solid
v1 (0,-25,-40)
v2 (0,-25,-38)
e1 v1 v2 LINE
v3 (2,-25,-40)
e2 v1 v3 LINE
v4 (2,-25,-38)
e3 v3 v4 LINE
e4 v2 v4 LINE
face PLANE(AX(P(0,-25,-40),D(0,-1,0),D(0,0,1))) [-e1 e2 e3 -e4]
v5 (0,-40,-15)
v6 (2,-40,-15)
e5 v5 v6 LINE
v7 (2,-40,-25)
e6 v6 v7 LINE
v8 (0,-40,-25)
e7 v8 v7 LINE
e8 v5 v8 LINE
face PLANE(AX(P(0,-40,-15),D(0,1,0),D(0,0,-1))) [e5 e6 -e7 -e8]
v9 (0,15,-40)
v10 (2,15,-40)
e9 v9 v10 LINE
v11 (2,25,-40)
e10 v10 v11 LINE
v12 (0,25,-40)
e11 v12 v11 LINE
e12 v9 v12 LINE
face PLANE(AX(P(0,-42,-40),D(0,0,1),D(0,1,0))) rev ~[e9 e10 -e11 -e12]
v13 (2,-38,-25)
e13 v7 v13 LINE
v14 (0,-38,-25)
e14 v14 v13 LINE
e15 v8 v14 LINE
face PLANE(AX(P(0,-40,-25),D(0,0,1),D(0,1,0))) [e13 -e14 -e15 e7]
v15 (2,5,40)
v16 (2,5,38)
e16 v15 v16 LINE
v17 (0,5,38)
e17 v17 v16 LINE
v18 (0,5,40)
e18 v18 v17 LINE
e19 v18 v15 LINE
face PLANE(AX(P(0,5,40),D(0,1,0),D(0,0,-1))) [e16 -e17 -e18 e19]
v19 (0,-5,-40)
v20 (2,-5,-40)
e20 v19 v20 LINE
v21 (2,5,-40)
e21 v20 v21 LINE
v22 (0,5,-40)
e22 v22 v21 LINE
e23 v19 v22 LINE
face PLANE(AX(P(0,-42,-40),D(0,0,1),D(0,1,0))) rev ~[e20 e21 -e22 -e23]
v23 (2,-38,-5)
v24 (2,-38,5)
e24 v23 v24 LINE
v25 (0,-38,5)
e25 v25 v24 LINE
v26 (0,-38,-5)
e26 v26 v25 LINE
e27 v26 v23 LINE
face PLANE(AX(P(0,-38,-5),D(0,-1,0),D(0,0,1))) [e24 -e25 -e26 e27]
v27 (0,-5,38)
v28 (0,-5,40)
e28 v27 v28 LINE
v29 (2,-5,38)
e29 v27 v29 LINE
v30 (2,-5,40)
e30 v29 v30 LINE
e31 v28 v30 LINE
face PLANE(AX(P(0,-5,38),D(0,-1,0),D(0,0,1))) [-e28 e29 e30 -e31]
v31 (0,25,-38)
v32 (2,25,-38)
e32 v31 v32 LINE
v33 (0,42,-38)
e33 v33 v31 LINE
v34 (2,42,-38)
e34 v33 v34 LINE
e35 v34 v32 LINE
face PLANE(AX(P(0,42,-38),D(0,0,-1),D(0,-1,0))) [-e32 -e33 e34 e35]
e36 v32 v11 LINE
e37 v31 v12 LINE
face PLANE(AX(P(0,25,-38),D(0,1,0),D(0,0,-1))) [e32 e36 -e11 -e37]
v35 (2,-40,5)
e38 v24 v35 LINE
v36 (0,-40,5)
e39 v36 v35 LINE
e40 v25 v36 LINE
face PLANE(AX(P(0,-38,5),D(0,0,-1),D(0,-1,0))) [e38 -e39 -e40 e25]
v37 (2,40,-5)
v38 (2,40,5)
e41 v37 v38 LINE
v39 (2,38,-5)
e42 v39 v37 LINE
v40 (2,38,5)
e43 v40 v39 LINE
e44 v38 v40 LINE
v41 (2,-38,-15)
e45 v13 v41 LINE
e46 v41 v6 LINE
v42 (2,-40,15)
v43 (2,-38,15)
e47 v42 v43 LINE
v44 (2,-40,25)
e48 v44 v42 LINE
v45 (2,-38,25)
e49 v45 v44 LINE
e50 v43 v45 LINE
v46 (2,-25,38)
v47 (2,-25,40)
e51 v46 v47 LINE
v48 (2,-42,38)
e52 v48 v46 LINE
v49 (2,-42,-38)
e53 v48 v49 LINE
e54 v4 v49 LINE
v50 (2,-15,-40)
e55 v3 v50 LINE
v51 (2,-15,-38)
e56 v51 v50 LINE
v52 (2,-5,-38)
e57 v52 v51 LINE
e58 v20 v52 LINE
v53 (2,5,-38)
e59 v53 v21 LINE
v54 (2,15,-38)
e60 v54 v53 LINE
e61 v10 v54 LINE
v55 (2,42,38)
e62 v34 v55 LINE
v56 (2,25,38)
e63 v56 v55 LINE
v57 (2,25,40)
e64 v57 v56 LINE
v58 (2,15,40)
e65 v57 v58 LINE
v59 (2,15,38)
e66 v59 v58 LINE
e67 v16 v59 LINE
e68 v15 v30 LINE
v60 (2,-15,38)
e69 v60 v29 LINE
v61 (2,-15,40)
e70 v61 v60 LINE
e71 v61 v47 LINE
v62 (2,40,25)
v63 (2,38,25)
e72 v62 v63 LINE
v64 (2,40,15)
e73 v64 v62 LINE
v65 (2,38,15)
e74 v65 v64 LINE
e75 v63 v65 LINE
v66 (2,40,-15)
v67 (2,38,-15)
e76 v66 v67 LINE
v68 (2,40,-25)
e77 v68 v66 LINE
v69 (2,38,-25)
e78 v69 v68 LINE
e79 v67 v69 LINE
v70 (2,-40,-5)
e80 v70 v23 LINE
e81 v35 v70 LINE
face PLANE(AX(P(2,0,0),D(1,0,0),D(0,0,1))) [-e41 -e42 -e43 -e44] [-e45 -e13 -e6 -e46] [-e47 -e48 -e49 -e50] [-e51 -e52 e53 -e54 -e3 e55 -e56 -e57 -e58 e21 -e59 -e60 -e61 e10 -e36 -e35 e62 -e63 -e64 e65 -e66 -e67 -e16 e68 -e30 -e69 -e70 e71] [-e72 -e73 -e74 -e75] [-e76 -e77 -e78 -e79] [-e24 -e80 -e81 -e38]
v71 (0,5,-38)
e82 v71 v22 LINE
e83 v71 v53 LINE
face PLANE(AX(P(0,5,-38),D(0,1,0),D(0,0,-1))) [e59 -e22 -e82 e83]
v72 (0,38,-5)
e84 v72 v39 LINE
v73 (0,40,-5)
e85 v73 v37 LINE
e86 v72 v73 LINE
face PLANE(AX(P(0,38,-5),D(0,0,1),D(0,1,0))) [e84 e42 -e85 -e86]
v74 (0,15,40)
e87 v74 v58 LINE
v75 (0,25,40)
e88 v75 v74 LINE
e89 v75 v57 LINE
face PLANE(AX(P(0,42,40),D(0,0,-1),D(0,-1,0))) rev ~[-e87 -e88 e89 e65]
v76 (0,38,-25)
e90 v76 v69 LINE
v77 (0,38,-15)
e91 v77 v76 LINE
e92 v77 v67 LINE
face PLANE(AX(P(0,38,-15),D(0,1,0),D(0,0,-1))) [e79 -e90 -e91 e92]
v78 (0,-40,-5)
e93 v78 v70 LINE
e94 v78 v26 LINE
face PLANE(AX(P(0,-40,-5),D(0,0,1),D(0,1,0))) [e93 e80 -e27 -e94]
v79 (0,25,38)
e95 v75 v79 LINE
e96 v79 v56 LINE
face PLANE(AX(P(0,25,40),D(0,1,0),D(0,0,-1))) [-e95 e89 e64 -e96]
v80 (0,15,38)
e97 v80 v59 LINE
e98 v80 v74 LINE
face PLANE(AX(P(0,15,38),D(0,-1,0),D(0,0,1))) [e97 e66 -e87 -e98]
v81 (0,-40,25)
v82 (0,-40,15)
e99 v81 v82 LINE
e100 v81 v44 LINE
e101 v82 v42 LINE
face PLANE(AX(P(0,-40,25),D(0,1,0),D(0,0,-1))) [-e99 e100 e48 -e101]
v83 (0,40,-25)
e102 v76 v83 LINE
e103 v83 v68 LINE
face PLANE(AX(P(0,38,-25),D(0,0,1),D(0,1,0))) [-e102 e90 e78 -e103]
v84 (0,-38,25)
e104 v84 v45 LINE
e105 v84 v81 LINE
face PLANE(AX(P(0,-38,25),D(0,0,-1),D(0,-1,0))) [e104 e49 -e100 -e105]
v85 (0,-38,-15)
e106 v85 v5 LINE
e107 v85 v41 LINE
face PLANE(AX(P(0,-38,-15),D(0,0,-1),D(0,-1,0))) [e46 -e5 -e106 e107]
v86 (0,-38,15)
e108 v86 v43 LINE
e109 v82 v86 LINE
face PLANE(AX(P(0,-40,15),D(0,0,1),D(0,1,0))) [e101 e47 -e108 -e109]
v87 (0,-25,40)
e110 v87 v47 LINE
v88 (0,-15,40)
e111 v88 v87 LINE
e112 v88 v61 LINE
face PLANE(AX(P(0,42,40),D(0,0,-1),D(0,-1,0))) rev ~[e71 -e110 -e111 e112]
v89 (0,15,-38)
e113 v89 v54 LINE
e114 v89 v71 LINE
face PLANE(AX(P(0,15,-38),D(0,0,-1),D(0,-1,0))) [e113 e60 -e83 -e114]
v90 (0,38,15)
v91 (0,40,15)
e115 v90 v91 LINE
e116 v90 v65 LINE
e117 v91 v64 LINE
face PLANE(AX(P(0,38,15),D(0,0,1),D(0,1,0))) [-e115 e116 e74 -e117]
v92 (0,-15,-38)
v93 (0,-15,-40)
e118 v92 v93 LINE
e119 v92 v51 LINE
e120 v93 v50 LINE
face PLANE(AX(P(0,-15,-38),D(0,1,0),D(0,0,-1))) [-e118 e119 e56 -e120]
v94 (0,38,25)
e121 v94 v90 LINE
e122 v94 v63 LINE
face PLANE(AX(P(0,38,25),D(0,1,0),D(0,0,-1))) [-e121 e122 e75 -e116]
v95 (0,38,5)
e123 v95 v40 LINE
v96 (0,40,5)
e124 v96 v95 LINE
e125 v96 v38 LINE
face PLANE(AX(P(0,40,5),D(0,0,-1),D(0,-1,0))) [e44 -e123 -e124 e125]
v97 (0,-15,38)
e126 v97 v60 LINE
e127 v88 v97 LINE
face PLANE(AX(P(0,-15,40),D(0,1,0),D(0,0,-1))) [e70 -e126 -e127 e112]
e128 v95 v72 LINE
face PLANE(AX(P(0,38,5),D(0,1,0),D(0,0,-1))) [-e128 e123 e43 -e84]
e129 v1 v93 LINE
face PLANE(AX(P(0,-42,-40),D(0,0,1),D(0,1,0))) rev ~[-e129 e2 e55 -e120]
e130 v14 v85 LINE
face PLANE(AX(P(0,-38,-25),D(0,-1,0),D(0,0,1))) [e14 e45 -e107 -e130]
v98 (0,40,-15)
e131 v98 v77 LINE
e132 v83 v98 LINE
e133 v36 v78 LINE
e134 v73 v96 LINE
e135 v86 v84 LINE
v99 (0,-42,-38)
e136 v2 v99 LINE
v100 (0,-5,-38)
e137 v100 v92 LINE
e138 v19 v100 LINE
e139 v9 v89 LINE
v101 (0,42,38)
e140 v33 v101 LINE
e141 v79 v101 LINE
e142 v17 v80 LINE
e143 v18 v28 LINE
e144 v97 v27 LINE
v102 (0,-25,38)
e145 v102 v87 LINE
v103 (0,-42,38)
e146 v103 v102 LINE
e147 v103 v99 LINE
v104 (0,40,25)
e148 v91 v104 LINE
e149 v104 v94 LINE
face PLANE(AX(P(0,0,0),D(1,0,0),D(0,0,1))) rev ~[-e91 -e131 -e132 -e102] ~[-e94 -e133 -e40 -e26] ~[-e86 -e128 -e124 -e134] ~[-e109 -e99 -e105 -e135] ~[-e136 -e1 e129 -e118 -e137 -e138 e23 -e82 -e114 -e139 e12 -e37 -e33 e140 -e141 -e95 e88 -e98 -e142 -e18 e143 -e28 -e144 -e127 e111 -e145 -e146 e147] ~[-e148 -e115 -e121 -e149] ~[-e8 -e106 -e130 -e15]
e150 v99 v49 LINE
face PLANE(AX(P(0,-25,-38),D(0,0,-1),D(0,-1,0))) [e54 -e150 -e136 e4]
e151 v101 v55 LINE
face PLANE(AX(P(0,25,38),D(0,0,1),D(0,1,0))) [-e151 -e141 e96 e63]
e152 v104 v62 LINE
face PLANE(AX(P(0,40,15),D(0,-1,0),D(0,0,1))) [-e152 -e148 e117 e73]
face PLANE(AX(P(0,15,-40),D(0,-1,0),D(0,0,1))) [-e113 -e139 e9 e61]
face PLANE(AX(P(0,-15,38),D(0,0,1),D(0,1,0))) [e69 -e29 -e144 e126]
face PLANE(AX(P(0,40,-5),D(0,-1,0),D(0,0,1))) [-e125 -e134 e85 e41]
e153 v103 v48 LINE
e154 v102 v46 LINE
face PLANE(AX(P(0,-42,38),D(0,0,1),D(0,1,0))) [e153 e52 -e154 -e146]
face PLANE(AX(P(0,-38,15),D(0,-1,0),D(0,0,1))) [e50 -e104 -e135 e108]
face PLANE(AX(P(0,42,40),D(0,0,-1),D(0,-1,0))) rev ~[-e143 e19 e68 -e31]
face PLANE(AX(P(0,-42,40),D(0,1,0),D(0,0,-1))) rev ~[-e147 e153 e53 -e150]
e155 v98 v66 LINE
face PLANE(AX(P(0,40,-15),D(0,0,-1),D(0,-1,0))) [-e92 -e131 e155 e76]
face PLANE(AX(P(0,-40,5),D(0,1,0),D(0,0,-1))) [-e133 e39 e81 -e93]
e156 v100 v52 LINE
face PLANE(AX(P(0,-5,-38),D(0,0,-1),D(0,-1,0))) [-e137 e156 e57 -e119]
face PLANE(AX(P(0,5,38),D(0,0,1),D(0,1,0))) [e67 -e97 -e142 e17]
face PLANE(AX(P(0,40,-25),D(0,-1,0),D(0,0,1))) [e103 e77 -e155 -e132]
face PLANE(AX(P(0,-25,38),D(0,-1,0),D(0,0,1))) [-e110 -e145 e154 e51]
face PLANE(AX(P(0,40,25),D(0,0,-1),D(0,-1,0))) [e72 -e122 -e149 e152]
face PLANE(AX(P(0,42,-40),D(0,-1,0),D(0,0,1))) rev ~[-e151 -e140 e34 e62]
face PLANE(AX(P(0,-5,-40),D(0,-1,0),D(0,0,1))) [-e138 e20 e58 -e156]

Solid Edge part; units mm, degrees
sketch "Sketch1" plane through (0, 0, 0) normal (1, 0, 0) x (0, 1, 0)
  line L0 (42, -40) -> (42, 40)
  line L1 (42, 40) -> (-42, 40)
  line L2 (-42, 40) -> (-42, -40)
  line L3 (-42, -40) -> (42, -40)
extrude "Protrusion1" add sketch "Sketch1" along normal blind 2
sketch "Sketch2" plane through (0, 0, 0) normal (1, 0, 0) x (0, 1, 0)
  line L0 (-42, 38) -> (-25, 38)
  line L1 (-25, 38) -> (-25, 40)
  line L2 (-25, 40) -> (-42, 40)
  line L3 (-42, 40) -> (-42, 38)
  line L4 (-15, 38) -> (-5, 38)
  line L5 (-5, 38) -> (-5, 40)
  line L6 (-5, 40) -> (-15, 40)
  line L7 (-15, 40) -> (-15, 38)
  line L8 (5, 38) -> (15, 38)
  line L9 (15, 38) -> (15, 40)
  line L10 (15, 40) -> (5, 40)
  line L11 (5, 40) -> (5, 38)
  line L12 (25, 38) -> (42, 38)
  line L13 (42, 38) -> (42, 40)
  line L14 (42, 40) -> (25, 40)
  line L15 (25, 40) -> (25, 38)
  line L16 (40, 15) -> (40, 25)
  line L17 (40, 25) -> (38, 25)
  line L18 (38, 25) -> (38, 15)
  line L19 (38, 15) -> (40, 15)
  line L20 (38, 5) -> (38, -5)
  line L21 (38, -5) -> (40, -5)
  line L22 (40, -5) -> (40, 5)
  line L23 (40, 5) -> (38, 5)
  line L24 (38, -15) -> (38, -25)
  line L25 (38, -25) -> (40, -25)
  line L26 (40, -25) -> (40, -15)
  line L27 (40, -15) -> (38, -15)
  line L28 (42, -38) -> (25, -38)
  line L29 (25, -38) -> (25, -40)
  line L30 (25, -40) -> (42, -40)
  line L31 (42, -40) -> (42, -38)
  line L32 (15, -38) -> (5, -38)
  line L33 (5, -38) -> (5, -40)
  line L34 (5, -40) -> (15, -40)
  line L35 (15, -40) -> (15, -38)
  line L36 (-5, -38) -> (-15, -38)
  line L37 (-15, -38) -> (-15, -40)
  line L38 (-15, -40) -> (-5, -40)
  line L39 (-5, -40) -> (-5, -38)
  line L40 (-25, -38) -> (-42, -38)
  line L41 (-42, -38) -> (-42, -40)
  line L42 (-42, -40) -> (-25, -40)
  line L43 (-25, -40) -> (-25, -38)
  line L44 (-38, -25) -> (-38, -15)
  line L45 (-38, -15) -> (-40, -15)
  line L46 (-40, -15) -> (-40, -25)
  line L47 (-40, -25) -> (-38, -25)
  line L48 (-38, -5) -> (-38, 5)
  line L49 (-38, 5) -> (-40, 5)
  line L50 (-40, 5) -> (-40, -5)
  line L51 (-40, -5) -> (-38, -5)
  line L52 (-38, 15) -> (-38, 25)
  line L53 (-38, 25) -> (-40, 25)
  line L54 (-40, 25) -> (-40, 15)
  line L55 (-40, 15) -> (-38, 15)
  dimension "D1" = 17
  dimension "D2" = 2
  dimension "D3" = 10
  dimension "D4" = 2
  dimension "D5" = 10
  dimension "D6" = 2
  dimension "D7" = 17
  dimension "D8" = 2
  dimension "D9" = 17
  dimension "D10" = 2
  dimension "D11" = 10
  dimension "D12" = 2
  dimension "D13" = 10
  dimension "D14" = 2
  dimension "D15" = 17
  dimension "D16" = 2
  dimension "D17" = 2
  dimension "D18" = 10
  dimension "D19" = 2
  dimension "D20" = 10
  dimension "D21" = 2
  dimension "D22" = 10
  dimension "D23" = 2
  dimension "D24" = 10
  dimension "D25" = 2
  dimension "D26" = 10
  dimension "D27" = 2
  dimension "D28" = 10
  dimension "D29" = 10
  dimension "D30" = 10
  dimension "D31" = 10
  dimension "D32" = 10
  dimension "D33" = 10
  dimension "D34" = 10
  dimension "D35" = 2
  dimension "D36" = 15
  dimension "D37" = 2
  dimension "D38" = 10
  dimension "D39" = 15
  dimension "D40" = 2
  dimension "D41" = 10
  dimension "D42" = 2
  dimension "D43" = 2
  dimension "D44" = 2
  dimension "D45" = 10
  dimension "D46" = 15
  dimension "D47" = 10
  dimension "D48" = 15
extrude "ExtrudedCutout_29" cut sketch "Sketch2" along normal blind 2
properties material "Acrylic, high impact grade"
